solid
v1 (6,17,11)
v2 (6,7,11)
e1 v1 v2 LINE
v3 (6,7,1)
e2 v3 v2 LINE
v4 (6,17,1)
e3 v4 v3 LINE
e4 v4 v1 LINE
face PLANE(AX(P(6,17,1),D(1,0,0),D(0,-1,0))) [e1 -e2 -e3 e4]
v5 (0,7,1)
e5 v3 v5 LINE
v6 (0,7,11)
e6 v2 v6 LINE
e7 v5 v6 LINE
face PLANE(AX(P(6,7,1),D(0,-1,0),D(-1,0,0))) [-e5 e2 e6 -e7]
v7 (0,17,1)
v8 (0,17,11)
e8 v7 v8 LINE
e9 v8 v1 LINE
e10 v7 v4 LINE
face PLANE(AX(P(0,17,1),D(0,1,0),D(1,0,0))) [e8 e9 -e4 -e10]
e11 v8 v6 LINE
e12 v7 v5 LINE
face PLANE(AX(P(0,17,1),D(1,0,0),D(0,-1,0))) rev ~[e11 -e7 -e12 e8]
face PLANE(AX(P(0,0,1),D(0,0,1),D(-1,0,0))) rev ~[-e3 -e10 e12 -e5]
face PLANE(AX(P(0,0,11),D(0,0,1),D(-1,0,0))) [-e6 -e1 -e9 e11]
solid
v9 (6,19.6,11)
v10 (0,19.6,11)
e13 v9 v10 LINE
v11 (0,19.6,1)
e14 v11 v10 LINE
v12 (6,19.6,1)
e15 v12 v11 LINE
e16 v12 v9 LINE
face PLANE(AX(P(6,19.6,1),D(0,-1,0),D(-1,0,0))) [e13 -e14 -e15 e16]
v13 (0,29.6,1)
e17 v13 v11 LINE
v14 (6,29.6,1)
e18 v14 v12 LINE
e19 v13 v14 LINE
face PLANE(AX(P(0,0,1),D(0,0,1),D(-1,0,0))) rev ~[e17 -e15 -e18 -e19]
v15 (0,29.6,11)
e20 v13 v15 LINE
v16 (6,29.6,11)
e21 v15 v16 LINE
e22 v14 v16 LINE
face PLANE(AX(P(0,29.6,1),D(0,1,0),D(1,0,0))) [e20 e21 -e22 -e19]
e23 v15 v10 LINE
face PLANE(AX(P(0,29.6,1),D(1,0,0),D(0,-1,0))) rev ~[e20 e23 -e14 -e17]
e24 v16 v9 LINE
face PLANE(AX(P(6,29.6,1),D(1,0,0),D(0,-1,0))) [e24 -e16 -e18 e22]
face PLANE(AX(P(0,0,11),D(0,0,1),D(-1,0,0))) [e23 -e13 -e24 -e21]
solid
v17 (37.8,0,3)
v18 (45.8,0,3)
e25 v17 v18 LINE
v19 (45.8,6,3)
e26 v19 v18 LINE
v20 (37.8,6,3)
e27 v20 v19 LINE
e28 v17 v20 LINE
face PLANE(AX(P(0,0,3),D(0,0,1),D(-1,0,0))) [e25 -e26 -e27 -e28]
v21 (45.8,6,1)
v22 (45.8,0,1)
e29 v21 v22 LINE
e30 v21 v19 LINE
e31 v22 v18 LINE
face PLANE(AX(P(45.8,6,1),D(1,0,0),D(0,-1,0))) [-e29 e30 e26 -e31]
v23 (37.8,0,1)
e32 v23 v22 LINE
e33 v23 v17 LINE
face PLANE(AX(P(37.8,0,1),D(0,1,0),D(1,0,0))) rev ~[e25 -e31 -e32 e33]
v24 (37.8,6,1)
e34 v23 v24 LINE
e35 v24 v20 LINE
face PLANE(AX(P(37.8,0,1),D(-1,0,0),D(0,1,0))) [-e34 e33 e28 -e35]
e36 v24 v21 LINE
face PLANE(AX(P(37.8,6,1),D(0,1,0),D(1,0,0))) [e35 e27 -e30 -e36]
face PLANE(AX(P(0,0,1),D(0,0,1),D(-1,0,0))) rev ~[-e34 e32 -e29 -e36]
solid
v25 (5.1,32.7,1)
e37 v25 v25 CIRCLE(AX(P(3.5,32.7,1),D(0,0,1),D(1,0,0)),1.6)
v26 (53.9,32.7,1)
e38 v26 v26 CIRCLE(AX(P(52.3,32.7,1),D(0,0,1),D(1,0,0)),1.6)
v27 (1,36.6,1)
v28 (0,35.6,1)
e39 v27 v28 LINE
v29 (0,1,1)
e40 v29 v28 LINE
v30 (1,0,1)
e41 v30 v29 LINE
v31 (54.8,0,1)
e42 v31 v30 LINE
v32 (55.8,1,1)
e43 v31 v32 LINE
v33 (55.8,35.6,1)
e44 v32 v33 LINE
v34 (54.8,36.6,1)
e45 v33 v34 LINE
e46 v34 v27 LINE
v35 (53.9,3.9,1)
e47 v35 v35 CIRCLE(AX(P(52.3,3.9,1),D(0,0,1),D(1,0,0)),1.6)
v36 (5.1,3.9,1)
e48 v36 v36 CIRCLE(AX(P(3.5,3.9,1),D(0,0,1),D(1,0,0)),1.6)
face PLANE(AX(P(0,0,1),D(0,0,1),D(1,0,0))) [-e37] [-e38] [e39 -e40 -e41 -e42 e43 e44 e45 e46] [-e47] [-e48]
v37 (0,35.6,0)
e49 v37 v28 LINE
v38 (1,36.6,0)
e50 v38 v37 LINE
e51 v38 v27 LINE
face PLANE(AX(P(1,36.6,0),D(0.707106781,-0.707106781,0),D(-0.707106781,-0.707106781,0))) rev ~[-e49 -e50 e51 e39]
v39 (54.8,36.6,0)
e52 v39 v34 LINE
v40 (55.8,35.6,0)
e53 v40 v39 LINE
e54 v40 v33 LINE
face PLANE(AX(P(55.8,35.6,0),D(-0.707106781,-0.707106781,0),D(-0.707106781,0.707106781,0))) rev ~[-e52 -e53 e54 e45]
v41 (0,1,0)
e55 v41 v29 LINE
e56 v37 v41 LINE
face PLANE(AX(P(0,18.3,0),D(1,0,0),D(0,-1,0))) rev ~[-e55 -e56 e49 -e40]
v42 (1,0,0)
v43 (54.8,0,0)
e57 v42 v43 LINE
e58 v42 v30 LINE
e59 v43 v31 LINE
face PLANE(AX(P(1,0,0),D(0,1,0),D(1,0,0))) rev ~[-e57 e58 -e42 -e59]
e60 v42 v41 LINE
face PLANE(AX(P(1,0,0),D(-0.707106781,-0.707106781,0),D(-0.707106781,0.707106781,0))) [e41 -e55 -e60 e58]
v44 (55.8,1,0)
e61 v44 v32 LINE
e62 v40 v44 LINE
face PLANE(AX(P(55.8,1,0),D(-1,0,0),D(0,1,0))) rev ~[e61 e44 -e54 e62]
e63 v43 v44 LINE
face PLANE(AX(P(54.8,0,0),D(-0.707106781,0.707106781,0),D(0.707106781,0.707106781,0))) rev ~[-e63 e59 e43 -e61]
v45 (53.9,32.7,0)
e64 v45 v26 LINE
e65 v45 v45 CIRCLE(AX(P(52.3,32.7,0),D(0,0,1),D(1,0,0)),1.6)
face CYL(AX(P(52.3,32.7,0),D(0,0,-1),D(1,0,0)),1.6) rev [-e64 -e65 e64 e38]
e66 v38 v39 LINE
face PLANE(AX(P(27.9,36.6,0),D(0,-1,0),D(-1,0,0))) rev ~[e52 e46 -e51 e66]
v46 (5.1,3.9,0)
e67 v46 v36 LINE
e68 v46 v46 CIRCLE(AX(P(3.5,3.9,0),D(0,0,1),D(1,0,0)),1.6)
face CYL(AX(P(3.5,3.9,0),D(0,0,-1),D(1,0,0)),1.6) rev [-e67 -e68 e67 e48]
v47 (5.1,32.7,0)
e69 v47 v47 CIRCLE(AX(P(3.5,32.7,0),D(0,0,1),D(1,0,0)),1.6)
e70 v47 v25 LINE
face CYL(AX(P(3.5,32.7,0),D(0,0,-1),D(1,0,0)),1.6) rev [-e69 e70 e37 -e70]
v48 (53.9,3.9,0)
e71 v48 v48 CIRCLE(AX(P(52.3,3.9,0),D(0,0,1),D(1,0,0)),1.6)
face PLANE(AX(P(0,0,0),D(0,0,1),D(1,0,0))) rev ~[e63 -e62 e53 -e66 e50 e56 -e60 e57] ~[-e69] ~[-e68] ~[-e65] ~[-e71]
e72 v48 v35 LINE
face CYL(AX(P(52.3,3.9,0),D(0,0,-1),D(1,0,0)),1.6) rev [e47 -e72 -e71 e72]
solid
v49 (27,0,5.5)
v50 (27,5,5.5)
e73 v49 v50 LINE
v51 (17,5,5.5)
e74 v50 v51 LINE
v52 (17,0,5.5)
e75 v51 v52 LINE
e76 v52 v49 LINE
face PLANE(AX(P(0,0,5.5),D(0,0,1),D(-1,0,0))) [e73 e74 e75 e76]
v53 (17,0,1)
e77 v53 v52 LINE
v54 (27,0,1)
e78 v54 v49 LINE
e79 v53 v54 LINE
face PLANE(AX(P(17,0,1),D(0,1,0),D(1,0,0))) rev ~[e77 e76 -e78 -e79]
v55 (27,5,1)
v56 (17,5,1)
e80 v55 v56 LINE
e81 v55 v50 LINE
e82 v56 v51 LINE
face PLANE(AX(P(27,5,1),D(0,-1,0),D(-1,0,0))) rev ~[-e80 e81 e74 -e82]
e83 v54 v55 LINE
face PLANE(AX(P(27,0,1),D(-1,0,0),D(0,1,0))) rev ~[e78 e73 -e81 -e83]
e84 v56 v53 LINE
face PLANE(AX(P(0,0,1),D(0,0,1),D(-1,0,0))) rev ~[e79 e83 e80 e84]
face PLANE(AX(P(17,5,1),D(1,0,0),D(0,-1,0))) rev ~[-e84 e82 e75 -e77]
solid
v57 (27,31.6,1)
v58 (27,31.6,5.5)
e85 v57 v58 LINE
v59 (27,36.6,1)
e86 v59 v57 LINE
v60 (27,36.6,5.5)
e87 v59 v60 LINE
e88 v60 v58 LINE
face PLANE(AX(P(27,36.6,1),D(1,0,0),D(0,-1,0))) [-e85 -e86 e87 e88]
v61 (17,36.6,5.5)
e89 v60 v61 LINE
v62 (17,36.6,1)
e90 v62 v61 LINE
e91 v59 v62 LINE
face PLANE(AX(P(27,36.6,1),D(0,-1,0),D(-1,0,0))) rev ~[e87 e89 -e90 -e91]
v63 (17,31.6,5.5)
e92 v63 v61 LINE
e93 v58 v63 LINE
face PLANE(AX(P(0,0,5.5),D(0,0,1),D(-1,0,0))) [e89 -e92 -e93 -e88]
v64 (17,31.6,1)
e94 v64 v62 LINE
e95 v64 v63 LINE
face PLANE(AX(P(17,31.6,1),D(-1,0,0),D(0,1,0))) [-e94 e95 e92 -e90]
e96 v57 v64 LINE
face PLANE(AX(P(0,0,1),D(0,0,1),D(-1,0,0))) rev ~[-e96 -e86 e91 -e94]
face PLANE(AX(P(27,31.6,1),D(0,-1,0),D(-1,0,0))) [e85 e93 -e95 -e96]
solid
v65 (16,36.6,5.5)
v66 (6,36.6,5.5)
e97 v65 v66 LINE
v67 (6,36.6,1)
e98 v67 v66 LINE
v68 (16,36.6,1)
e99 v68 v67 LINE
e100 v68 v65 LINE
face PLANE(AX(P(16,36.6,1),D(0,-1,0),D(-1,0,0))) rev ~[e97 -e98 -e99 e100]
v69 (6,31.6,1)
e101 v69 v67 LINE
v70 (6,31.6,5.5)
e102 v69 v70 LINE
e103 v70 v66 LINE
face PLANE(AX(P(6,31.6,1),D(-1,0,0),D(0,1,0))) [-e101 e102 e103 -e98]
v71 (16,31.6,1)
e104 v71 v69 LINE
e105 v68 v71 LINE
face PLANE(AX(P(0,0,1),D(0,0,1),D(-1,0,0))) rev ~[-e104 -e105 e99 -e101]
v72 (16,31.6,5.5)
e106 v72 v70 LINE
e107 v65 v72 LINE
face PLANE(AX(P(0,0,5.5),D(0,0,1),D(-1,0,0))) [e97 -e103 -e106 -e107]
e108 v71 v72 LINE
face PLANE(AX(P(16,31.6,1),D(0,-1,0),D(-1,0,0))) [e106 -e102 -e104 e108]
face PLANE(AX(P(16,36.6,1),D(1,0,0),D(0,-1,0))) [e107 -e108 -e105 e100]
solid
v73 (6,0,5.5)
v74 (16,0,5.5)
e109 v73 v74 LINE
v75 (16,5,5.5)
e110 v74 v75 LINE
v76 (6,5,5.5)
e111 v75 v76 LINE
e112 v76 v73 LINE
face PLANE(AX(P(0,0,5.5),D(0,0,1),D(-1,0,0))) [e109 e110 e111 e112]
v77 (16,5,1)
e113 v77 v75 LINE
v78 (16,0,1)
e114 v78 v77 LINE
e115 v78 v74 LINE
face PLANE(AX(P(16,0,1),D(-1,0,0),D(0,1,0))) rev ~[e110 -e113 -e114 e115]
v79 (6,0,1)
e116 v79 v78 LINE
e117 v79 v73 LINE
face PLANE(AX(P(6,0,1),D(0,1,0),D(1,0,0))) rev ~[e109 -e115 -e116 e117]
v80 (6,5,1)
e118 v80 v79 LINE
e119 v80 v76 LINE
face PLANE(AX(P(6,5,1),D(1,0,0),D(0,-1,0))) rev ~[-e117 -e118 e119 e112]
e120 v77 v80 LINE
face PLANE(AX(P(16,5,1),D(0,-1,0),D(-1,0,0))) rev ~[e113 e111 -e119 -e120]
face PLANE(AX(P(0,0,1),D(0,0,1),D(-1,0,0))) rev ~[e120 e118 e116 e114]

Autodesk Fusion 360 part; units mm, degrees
sketch "草图1" plane through (0, 0, 0) normal (0, 0, 1) x (1, 0, 0)
  line L0 (1, 0) -> (54.8, 0)
  line L1 (55.8, 1) -> (55.8, 35.6)
  line L2 (54.8, 36.6) -> (1, 36.6)
  line L3 (0, 35.6) -> (0, 1)
  line L4 (-8.6099, 18.3) -> (78, 18.3)
  line L5 (27.9, 45) -> (27.9, -14)
  circle A0 centre (3.5, 32.7) radius 1.6
  circle A1 centre (52.3, 32.7) radius 1.6
  circle A2 centre (3.5, 3.9) radius 1.6
  circle A3 centre (52.3, 3.9) radius 1.6
  line L6 (55.8, 35.6) -> (54.8, 36.6)
  line L7 (54.8, 0) -> (55.8, 1)
  line L8 (1, 36.6) -> (0, 35.6)
  line L9 (1, 0) -> (0, 1)
  point P0 (55.8, 0)
  point P1 (55.8, 36.6)
  point P2 (0, 36.6)
  dimension "d1" = 55.8
  dimension "d2" = 36.6
  dimension "d3" = 3.2
  dimension "d4" = 48.8
  dimension "d5" = 28.8
  dimension "d6" = 1
  dimension "d7" = 1
  dimension "d8" = 1
  dimension "d9" = 1
  dimension "d10" = 1
  dimension "d11" = 1
  dimension "d12" = 1
  dimension "d13" = 1
extrude "拉伸1" add sketch "草图1" along normal blind 1 makes body 1
sketch "草图2" plane through (0, 0, 1) normal (0, 0, 1) x (-1, 0, 0)
  circle A0 centre (-3.5, -3.9) radius 1.6
  circle A1 centre (-52.3, -32.7) radius 1.6
  circle A2 centre (-3.5, -32.7) radius 1.6
  circle A3 centre (-52.3, -3.9) radius 1.6
  line L0 (-54.8, 0) -> (-55.8, -1)
  line L1 (-55.8, -1) -> (-55.8, -35.6)
  line L2 (-55.8, -35.6) -> (-54.8, -36.6)
  line L3 (-54.8, -36.6) -> (-1, -36.6)
  line L4 (-1, -36.6) -> (0, -35.6)
  line L5 (0, -35.6) -> (0, -1)
  line L6 (0, -1) -> (-1, 0)
  line L7 (-1, 0) -> (-54.8, 0)
  line L8 (0, -29.6) -> (-6, -29.6)
  line L9 (-6, -29.6) -> (-6, -19.6)
  line L10 (-6, -19.6) -> (0, -19.6)
  line L11 (0, -19.6) -> (0, -29.6)
  line L12 (0, -17) -> (-6, -17)
  line L13 (-6, -17) -> (-6, -7)
  line L14 (-6, -7) -> (0, -7)
  line L15 (0, -7) -> (0, -17)
  dimension "d16" = 6
  dimension "d17" = 6
  dimension "d18" = 10
  dimension "d19" = 10
  dimension "d20" = 7
  dimension "d21" = 7
extrude "拉伸2" add sketch "草图2" along normal blind 10 separate body contours L5 L12 L13 L14 L15 | L5 L8 L9 L10 L11 makes body 2 at (0, 13.6667, 4.3333) makes body 3 at (0, 26.2667, 4.3333)
sketch "草图3" plane through (0, 0, 1) normal (0, 0, 1) x (-1, 0, 0)
  circle A0 centre (-3.5, -3.9) radius 1.6
  circle A1 centre (-52.3, -32.7) radius 1.6
  circle A2 centre (-3.5, -32.7) radius 1.6
  circle A3 centre (-52.3, -3.9) radius 1.6
  line L0 (-54.8, 0) -> (-55.8, -1)
  line L1 (-55.8, -1) -> (-55.8, -35.6)
  line L2 (-55.8, -35.6) -> (-54.8, -36.6)
  line L3 (-54.8, -36.6) -> (-1, -36.6)
  line L4 (-1, -36.6) -> (0, -35.6)
  line L5 (0, -35.6) -> (0, -1)
  line L6 (0, -1) -> (-1, 0)
  line L7 (-1, 0) -> (-54.8, 0)
  line L8 (-6, -36.6) -> (-16, -36.6)
  line L9 (-16, -36.6) -> (-16, -31.6)
  line L10 (-16, -31.6) -> (-6, -31.6)
  line L11 (-6, -31.6) -> (-6, -36.6)
  line L12 (-17, -36.6) -> (-27, -36.6)
  line L13 (-27, -36.6) -> (-27, -31.6)
  line L14 (-27, -31.6) -> (-17, -31.6)
  line L15 (-17, -31.6) -> (-17, -36.6)
  line L16 (-6, 0) -> (-16, 0)
  line L17 (-16, 0) -> (-16, -5)
  line L18 (-16, -5) -> (-6, -5)
  line L19 (-6, -5) -> (-6, 0)
  line L20 (-17, 0) -> (-27, 0)
  line L21 (-27, 0) -> (-27, -5)
  line L22 (-27, -5) -> (-17, -5)
  line L23 (-17, -5) -> (-17, 0)
  dimension "d24" = 5
  dimension "d25" = 5
  dimension "d26" = 5
  dimension "d27" = 5
  dimension "d28" = 10
  dimension "d29" = 10
  dimension "d30" = 10
  dimension "d31" = 10
  dimension "d32" = 6
  dimension "d33" = 6
  dimension "d34" = 1
  dimension "d35" = 1
extrude "拉伸3" add sketch "草图3" along normal blind 4.5 separate body contours L7 L20 L21 L22 L23 | L7 L16 L17 L18 L19 | L3 L12 L13 L14 L15 | L3 L8 L9 L10 L11 makes body 4 at (23.6667, 33.2667, 1) makes body 5 at (9.3333, 3.3333, 1) makes body 6 at (12.6667, 33.2667, 1) makes body 7 at (23.6667, 3.3333, 1)
sketch "草图4" plane through (0, 0, 1) normal (0, 0, 1) x (-1, 0, 0)
  circle A0 centre (-3.5, -3.9) radius 1.6
  circle A1 centre (-52.3, -32.7) radius 1.6
  circle A2 centre (-3.5, -32.7) radius 1.6
  circle A3 centre (-52.3, -3.9) radius 1.6
  line L0 (-54.8, 0) -> (-55.8, -1)
  line L1 (-55.8, -1) -> (-55.8, -35.6)
  line L2 (-55.8, -35.6) -> (-54.8, -36.6)
  line L3 (-54.8, -36.6) -> (-1, -36.6)
  line L4 (-1, -36.6) -> (0, -35.6)
  line L5 (0, -35.6) -> (0, -1)
  line L6 (0, -1) -> (-1, 0)
  line L7 (-1, 0) -> (-54.8, 0)
  line L8 (-37.8, -6) -> (-45.8, -6)
  line L9 (-45.8, -6) -> (-45.8, 0)
  line L10 (-45.8, 0) -> (-37.8, 0)
  line L11 (-37.8, 0) -> (-37.8, -6)
  dimension "d38" = 8
  dimension "d39" = 6
  dimension "d40" = 10
extrude "拉伸4" add sketch "草图4" along normal blind 2 separate body contours L7 L8 L9 L10 L11 makes body 8
copy_body "实体->零部件1" bodies 1 removing the originals makes body 9 in component "Component'"
copy_body "实体->零部件2" bodies 2 removing the originals makes body 10 in component "Component''"
copy_body "实体->零部件3" bodies 3 removing the originals makes body 11 in component "Component'''"
copy_body "实体->零部件4" bodies 4 removing the originals makes body 12 in component "Component''''"
copy_body "实体->零部件5" bodies 5 removing the originals makes body 13 in component "Component'''''"
copy_body "实体->零部件6" bodies 6 removing the originals makes body 14 in component "Component''''''"
copy_body "实体->零部件7" bodies 7 removing the originals makes body 15 in component "Component'''''''"
copy_body "实体->零部件8" bodies 8 removing the originals makes body 16 in component "Component''''''''"
component "Component'" placed x (1, 0, 0) y (0, 1, 0) z (0, 0, 1) at (0, 0, 0)
component "Component''" placed x (1, 0, 0) y (0, 1, 0) z (0, 0, 1) at (0, 0, 0)
component "Component'''" placed x (1, 0, 0) y (0, 1, 0) z (0, 0, 1) at (0, 0, 0)
component "Component''''" placed x (1, 0, 0) y (0, 1, 0) z (0, 0, 1) at (0, 0, 0)
component "Component'''''" placed x (1, 0, 0) y (0, 1, 0) z (0, 0, 1) at (0, 0, 0)
component "Component''''''" placed x (1, 0, 0) y (0, 1, 0) z (0, 0, 1) at (0, 0, 0)
component "Component'''''''" placed x (1, 0, 0) y (0, 1, 0) z (0, 0, 1) at (0, 0, 0)
component "Component''''''''" placed x (1, 0, 0) y (0, 1, 0) z (0, 0, 1) at (0, 0, 0)
equation "d7 = d6"
equation "d9 = d8"
equation "d11 = d10"
equation "d13 = d12"
